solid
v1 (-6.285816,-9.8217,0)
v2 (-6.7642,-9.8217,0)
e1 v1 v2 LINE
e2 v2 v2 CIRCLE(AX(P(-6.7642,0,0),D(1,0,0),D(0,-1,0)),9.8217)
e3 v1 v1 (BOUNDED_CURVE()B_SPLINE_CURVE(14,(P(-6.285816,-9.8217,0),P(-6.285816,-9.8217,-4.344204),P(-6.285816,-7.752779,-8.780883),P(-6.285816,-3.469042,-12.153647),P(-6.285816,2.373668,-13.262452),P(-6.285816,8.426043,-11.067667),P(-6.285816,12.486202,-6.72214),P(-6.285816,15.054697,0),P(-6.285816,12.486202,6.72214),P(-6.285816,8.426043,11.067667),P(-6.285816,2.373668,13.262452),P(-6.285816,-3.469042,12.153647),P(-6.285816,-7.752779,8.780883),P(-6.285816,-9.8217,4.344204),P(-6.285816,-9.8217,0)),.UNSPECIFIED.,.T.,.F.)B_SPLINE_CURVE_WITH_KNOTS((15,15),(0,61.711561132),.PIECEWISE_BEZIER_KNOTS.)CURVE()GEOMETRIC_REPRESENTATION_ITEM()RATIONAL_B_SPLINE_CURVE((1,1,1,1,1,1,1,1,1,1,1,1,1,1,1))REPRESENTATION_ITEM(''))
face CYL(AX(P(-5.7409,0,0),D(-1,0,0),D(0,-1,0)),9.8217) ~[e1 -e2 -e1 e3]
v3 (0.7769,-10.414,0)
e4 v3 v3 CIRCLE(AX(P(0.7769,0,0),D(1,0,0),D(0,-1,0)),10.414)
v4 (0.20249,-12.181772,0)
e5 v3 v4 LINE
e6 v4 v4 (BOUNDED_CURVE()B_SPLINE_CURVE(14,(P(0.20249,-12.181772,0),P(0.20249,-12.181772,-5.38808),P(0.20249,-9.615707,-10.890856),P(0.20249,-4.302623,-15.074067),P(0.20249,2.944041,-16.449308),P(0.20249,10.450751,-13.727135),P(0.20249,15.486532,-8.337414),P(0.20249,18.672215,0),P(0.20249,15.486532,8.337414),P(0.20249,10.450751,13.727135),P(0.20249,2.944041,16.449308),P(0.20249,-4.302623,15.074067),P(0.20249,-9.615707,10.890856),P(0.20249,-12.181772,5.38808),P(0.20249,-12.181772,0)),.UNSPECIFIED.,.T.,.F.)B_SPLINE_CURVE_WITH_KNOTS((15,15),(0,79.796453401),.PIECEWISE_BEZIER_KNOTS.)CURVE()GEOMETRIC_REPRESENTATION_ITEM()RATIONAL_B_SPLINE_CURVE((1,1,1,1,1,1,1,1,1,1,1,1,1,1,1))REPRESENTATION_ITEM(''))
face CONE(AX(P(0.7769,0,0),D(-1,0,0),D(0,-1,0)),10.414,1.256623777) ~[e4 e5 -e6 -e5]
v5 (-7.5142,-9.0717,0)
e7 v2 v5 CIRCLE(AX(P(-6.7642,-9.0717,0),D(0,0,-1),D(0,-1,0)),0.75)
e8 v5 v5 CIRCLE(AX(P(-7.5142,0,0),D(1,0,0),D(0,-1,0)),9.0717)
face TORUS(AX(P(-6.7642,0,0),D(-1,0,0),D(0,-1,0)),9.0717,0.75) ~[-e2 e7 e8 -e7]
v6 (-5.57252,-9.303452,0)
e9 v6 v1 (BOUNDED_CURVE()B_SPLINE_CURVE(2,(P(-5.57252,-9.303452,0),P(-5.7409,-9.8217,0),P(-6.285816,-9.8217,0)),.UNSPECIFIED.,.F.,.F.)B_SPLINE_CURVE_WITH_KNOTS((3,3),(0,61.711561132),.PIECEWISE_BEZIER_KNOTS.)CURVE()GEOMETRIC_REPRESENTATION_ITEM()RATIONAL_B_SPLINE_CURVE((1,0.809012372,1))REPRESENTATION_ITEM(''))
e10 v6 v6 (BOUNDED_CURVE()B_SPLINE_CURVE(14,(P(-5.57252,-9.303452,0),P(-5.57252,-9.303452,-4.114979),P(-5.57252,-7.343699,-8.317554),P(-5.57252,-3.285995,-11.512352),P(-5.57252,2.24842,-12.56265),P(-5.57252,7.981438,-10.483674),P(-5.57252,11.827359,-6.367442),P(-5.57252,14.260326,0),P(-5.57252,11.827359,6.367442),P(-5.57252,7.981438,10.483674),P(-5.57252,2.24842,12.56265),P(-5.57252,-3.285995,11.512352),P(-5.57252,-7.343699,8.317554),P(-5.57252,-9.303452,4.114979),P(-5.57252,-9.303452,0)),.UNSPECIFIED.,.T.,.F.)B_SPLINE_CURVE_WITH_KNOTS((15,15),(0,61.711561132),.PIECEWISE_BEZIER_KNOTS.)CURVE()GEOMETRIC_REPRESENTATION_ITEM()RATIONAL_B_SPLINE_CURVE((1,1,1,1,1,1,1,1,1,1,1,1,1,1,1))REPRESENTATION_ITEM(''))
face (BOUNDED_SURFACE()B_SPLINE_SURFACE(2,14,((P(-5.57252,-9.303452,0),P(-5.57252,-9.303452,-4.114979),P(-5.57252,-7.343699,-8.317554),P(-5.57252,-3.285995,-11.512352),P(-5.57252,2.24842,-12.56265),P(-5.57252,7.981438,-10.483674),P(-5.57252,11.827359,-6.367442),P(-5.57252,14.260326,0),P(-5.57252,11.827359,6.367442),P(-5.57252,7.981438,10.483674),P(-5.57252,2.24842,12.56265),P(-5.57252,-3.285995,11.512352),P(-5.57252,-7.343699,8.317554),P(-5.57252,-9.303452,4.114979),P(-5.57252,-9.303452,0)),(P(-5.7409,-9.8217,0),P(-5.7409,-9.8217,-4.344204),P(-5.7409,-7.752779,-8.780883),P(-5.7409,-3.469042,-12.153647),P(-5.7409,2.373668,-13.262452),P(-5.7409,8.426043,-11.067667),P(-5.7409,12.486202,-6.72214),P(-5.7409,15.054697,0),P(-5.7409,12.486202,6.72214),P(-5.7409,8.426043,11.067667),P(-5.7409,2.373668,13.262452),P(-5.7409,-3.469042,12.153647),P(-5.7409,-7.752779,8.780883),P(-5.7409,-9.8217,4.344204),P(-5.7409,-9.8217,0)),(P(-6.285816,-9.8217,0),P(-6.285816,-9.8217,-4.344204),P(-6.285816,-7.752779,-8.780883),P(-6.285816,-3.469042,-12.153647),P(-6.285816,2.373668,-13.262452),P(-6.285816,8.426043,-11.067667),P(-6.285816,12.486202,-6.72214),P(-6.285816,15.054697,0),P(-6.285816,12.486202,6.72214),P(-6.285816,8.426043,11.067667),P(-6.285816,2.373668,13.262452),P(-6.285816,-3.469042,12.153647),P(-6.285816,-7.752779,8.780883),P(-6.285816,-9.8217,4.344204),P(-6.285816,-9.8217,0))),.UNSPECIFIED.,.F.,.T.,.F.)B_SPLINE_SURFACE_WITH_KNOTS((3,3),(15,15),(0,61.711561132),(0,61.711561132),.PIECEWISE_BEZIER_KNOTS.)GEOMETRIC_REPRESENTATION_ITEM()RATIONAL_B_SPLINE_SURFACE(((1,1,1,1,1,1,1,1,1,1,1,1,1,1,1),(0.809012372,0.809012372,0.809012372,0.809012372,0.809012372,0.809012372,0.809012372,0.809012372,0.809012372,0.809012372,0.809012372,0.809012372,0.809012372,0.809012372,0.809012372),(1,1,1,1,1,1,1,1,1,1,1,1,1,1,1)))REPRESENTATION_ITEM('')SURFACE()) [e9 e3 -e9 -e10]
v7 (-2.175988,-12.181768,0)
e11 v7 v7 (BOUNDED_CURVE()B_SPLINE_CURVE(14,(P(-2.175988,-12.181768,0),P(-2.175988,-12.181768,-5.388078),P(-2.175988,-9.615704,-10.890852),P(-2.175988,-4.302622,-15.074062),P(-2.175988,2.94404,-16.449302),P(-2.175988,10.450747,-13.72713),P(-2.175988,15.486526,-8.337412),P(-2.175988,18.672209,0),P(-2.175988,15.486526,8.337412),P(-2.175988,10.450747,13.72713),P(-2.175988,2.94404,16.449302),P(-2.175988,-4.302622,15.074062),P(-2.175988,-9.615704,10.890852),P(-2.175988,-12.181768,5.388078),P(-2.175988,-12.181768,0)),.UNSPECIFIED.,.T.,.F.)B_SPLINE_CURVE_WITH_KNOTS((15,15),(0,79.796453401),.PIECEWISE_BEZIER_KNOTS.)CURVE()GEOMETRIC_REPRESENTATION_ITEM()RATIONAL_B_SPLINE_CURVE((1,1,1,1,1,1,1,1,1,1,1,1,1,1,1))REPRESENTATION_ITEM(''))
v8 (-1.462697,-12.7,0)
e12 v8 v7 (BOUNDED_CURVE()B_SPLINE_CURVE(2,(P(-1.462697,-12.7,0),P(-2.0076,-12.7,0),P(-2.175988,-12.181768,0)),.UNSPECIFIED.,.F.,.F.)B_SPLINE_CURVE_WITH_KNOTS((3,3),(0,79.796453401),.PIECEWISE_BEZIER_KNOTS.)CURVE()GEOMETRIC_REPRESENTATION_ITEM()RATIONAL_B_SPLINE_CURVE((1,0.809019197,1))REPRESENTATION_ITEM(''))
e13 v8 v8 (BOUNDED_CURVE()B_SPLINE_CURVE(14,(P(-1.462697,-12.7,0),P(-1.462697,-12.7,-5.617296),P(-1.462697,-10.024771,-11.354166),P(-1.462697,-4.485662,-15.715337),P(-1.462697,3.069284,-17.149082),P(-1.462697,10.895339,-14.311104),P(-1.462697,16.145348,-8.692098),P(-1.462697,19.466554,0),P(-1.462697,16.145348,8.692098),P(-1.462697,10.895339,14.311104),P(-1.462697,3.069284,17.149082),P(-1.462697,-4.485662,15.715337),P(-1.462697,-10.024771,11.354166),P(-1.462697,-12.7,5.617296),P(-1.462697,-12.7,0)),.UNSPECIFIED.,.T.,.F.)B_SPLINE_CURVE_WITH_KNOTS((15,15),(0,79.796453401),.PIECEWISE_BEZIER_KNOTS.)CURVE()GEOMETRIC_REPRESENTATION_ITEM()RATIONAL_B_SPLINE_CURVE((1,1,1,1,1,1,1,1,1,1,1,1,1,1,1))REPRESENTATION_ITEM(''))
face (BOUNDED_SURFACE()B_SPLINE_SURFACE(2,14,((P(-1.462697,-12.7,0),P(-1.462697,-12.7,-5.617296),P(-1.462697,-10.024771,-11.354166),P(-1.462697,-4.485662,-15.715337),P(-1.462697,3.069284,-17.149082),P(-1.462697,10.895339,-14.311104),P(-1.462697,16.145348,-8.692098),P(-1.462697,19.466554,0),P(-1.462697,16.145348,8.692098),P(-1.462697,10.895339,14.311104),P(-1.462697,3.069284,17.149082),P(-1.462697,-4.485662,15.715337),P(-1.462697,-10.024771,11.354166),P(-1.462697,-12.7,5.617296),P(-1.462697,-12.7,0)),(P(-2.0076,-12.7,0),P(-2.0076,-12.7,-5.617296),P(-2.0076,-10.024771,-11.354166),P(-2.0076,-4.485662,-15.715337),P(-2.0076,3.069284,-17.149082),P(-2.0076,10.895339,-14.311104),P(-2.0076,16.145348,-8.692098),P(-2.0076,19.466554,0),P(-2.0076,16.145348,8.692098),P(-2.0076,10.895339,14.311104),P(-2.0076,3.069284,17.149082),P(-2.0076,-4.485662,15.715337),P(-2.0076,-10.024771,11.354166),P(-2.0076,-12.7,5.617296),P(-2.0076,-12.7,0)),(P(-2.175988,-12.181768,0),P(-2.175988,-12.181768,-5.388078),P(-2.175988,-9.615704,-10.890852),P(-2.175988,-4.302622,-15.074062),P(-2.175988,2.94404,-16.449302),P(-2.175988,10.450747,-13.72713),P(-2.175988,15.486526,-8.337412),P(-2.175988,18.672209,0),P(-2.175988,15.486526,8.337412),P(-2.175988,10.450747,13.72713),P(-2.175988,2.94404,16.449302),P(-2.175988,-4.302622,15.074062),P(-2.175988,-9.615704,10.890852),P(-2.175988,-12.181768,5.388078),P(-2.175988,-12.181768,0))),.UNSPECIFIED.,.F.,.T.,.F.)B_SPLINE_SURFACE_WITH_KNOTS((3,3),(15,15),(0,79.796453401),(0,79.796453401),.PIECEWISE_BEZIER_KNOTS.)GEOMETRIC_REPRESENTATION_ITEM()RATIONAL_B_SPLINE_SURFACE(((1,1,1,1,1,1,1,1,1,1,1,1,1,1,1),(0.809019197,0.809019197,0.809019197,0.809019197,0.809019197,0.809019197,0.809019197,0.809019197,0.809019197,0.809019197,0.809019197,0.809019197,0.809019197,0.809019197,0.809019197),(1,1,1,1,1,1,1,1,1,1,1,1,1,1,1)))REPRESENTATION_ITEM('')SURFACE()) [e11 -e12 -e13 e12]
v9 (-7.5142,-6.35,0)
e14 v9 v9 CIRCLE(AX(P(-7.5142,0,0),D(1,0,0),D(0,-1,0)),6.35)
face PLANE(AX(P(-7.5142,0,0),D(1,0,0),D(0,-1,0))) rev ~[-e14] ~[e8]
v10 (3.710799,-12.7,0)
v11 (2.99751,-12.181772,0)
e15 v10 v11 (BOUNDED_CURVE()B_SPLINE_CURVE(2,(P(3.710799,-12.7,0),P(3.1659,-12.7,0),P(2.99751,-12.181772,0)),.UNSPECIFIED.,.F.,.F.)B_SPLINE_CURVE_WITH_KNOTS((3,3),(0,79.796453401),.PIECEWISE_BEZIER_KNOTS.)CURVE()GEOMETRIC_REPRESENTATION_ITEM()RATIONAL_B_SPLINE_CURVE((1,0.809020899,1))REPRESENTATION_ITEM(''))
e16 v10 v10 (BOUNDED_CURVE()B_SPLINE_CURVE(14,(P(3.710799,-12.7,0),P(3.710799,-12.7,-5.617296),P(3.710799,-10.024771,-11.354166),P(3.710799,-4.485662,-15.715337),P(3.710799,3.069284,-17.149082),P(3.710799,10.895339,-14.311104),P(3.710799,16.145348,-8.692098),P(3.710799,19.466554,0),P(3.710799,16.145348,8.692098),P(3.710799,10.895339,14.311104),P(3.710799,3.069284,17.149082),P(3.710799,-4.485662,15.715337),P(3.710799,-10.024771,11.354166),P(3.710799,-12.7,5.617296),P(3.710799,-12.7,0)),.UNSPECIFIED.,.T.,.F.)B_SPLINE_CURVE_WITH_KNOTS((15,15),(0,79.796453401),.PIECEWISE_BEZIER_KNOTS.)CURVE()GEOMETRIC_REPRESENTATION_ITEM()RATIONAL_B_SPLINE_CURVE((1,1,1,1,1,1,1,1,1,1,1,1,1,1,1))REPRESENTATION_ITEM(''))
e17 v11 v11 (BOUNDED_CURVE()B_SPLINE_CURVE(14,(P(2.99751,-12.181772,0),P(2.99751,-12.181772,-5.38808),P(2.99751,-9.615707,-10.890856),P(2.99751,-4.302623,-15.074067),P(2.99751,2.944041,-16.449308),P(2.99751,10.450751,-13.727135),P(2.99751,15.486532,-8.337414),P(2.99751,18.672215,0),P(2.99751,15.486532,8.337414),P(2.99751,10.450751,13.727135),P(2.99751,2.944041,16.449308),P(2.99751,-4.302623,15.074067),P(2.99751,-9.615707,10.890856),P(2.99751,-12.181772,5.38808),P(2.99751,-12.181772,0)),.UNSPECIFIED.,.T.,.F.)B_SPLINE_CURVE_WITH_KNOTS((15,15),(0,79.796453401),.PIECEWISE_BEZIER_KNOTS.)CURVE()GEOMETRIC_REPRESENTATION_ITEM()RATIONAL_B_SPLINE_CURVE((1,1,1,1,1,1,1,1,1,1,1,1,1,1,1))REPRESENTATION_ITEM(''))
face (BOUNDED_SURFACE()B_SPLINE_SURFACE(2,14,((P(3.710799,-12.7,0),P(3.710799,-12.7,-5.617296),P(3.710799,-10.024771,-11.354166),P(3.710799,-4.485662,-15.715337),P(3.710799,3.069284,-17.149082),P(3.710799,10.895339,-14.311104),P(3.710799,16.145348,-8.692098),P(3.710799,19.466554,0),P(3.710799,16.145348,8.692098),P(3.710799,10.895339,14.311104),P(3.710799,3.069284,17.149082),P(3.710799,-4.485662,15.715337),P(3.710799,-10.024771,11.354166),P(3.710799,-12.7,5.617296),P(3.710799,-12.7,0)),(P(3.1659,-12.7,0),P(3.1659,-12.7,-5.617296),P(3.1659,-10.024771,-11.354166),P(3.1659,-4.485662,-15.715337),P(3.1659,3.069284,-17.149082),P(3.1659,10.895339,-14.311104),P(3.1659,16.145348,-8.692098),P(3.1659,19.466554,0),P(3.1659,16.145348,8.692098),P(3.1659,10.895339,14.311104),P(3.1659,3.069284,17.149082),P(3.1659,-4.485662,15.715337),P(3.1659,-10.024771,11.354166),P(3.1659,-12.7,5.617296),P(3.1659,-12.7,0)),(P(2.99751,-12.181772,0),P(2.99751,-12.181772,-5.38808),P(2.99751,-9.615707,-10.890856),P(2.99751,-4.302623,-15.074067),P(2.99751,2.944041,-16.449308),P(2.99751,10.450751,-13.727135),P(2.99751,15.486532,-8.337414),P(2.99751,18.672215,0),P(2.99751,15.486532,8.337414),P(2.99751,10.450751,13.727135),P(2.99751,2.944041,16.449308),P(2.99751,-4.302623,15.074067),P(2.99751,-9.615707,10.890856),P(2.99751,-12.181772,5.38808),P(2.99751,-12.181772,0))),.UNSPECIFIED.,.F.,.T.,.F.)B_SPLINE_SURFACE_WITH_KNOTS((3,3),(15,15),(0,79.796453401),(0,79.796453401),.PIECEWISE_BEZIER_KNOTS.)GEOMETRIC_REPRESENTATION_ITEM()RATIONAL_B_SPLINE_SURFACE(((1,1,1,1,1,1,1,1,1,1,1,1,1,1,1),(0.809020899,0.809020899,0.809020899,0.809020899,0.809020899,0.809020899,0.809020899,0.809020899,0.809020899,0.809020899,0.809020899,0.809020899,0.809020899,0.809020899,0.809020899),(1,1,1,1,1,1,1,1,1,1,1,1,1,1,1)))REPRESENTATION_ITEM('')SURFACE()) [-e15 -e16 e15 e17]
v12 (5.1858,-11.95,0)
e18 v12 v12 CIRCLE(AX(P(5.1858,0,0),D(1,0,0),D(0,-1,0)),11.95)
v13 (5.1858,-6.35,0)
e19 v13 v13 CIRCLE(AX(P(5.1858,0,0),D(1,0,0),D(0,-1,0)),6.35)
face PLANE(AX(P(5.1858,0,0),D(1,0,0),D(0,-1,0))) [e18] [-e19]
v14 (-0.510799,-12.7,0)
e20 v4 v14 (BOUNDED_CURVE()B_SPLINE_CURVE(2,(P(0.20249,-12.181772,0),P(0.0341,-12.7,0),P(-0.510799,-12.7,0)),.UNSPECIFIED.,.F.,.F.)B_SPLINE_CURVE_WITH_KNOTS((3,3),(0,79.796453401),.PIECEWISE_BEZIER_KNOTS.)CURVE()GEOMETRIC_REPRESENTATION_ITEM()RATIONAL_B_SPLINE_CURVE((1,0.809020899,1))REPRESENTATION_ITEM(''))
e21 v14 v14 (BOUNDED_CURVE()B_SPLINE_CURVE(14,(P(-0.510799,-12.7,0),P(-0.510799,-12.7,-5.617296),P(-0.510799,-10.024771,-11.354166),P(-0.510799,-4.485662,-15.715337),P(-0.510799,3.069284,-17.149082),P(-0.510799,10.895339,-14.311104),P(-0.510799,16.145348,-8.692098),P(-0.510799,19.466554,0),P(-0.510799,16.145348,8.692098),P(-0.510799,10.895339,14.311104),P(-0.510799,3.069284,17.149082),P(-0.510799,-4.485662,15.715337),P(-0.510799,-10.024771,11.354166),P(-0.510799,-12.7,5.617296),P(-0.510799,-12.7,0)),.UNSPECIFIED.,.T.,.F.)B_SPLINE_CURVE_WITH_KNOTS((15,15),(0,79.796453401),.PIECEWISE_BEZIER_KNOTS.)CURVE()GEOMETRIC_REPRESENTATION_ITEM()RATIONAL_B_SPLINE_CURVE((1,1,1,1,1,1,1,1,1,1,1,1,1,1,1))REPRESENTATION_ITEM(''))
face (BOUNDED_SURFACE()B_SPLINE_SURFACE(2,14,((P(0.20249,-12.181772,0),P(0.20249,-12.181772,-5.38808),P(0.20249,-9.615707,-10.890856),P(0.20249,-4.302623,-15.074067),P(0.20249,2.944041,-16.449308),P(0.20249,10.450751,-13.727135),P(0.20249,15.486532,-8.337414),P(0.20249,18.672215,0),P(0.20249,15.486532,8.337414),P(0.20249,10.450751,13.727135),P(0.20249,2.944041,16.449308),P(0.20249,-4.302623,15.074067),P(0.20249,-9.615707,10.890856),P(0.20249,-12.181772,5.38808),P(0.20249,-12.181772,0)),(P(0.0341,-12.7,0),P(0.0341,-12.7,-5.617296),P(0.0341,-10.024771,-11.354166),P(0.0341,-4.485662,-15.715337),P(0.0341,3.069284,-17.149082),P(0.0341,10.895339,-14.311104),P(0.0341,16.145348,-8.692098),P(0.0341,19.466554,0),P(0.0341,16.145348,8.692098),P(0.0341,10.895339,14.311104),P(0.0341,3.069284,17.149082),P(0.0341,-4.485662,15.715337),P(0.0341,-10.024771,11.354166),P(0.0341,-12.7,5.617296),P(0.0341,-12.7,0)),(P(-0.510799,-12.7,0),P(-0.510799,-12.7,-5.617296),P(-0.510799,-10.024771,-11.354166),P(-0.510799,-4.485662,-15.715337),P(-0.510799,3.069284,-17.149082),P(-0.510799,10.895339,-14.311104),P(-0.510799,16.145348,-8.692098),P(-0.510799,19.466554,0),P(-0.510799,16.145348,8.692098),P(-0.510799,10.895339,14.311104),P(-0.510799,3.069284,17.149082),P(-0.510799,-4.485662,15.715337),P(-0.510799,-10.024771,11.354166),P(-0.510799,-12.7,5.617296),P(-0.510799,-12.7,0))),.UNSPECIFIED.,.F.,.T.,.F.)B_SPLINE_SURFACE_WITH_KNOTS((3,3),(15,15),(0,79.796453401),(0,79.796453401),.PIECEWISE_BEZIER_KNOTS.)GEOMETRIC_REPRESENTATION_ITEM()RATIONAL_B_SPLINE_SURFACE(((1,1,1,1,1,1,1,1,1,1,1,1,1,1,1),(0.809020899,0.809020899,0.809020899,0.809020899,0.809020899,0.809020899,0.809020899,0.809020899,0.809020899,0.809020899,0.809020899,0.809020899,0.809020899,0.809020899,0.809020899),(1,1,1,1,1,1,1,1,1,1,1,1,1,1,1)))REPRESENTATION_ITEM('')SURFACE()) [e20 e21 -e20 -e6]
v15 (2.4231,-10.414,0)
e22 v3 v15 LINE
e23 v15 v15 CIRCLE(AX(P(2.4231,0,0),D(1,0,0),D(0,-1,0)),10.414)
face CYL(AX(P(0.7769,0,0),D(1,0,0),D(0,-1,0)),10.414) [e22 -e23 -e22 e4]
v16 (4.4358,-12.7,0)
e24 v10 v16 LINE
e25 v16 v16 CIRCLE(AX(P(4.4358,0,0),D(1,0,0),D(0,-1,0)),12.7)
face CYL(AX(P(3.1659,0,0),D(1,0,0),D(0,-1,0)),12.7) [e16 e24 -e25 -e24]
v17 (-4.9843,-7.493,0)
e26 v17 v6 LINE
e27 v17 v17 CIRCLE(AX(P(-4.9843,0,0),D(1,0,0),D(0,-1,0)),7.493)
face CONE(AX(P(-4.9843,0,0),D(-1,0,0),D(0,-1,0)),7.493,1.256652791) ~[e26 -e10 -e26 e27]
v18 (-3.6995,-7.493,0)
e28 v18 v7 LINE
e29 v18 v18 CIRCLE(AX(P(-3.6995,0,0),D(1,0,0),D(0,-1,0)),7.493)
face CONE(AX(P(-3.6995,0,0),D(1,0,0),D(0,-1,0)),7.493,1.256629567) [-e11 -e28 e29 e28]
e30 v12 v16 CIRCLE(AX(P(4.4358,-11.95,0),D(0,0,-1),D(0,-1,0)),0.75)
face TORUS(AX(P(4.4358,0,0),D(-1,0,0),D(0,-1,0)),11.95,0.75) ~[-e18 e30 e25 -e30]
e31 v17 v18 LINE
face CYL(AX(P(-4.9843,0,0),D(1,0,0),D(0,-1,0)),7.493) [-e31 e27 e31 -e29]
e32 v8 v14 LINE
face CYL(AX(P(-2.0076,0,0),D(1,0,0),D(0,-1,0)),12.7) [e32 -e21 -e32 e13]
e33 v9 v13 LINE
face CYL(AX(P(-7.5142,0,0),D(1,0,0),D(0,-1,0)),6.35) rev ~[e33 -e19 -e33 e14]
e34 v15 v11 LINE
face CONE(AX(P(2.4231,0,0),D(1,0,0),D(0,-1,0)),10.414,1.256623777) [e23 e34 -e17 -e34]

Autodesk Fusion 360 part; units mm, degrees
sketch "Sketch2" plane through (0, 0, 0) normal (0, 0, 1) x (1, 0, 0)
  line L0 (-4.9843, -7.493) -> (-5.7409, -9.8217)
  line L1 (-4.9843, -7.493) -> (-3.6995, -7.493)
  line L2 (-3.6995, -7.493) -> (-2.0076, -12.7)
  line L3 (0.7769, -10.414) -> (0.0341, -12.7)
  line L4 (0.7769, -10.414) -> (2.4231, -10.414)
  line L5 (2.4231, -10.414) -> (3.1659, -12.7)
  circle A0 centre (1.6, -12.2784) radius 1.359 construction
  line L6 (3.1659, -12.7) -> (5.1858, -12.7)
  line L7 (-2.0076, -12.7) -> (0.0341, -12.7)
  circle A1 centre (-4.3419, -8.7519) radius 1 construction
  line L8 (-7.5142, -9.8217) -> (-7.5142, -6.35)
  line L9 (-7.5142, 0) -> (5, 0)
  line L10 (-7.5142, -6.35) -> (5.1858, -6.35)
  line L11 (5.1858, -12.7) -> (5.1858, -6.35)
  line L12 (-5.7409, -9.8217) -> (-7.5142, -9.8217)
  dimension "d142_1_1_1" = 12.7
  dimension "d145_1_1_1" = 108
  dimension "d146_1_1_1" = 108
  dimension "d147_1_1_1" = 1.6
  dimension "d150_1_1_1" = 10.414
  dimension "d152_1_1_1" = 12.2784
  dimension "d158_1_1_1" = 12.7
  dimension "d159_1_1_1" = 6.35
  dimension "d161_1_1_1" = 108
  dimension "d162_1_1_1" = 7.493
  dimension "d165_1_1_1" = 108
  dimension "d166_1_1_1" = 2
  dimension "d167_1_1_1" = 7.5142
  dimension "d169_1_1_1" = 9.8217
  dimension "d64_1_1" = 1.6462
  dimension "d65_1_1" = 2.5299
  dimension "d66_1_1" = 2.0418
revolve "Revolve2" add sketch "Sketch2" angle 360 about axis through (-7.5142, 0, 0) along (1, 0, 0)
fillet "Fillet1" radius 0.75 6 edges at (-7.5142, -3.5517, -9.1571) (-5.7409, -3.5517, -9.1571) (-2.0076, -4.5925, -11.8406) (0.0341, -4.5925, -11.8406) (3.1659, -4.5925, -11.8406) (5.1858, -4.5925, -11.8406)
equation "d116_1 = 0.0000 in"
equation "d117_1 = 0.0000 in"
equation "d118_1 = 0.0000 in"
equation "d119_1 = 0.000 deg"
equation "d128_1 = 0.0000 in"
equation "d129_1 = 0.0000 in"
equation "d130_1 = 0.0000 in"
equation "d131_1 = 0.000 deg"
